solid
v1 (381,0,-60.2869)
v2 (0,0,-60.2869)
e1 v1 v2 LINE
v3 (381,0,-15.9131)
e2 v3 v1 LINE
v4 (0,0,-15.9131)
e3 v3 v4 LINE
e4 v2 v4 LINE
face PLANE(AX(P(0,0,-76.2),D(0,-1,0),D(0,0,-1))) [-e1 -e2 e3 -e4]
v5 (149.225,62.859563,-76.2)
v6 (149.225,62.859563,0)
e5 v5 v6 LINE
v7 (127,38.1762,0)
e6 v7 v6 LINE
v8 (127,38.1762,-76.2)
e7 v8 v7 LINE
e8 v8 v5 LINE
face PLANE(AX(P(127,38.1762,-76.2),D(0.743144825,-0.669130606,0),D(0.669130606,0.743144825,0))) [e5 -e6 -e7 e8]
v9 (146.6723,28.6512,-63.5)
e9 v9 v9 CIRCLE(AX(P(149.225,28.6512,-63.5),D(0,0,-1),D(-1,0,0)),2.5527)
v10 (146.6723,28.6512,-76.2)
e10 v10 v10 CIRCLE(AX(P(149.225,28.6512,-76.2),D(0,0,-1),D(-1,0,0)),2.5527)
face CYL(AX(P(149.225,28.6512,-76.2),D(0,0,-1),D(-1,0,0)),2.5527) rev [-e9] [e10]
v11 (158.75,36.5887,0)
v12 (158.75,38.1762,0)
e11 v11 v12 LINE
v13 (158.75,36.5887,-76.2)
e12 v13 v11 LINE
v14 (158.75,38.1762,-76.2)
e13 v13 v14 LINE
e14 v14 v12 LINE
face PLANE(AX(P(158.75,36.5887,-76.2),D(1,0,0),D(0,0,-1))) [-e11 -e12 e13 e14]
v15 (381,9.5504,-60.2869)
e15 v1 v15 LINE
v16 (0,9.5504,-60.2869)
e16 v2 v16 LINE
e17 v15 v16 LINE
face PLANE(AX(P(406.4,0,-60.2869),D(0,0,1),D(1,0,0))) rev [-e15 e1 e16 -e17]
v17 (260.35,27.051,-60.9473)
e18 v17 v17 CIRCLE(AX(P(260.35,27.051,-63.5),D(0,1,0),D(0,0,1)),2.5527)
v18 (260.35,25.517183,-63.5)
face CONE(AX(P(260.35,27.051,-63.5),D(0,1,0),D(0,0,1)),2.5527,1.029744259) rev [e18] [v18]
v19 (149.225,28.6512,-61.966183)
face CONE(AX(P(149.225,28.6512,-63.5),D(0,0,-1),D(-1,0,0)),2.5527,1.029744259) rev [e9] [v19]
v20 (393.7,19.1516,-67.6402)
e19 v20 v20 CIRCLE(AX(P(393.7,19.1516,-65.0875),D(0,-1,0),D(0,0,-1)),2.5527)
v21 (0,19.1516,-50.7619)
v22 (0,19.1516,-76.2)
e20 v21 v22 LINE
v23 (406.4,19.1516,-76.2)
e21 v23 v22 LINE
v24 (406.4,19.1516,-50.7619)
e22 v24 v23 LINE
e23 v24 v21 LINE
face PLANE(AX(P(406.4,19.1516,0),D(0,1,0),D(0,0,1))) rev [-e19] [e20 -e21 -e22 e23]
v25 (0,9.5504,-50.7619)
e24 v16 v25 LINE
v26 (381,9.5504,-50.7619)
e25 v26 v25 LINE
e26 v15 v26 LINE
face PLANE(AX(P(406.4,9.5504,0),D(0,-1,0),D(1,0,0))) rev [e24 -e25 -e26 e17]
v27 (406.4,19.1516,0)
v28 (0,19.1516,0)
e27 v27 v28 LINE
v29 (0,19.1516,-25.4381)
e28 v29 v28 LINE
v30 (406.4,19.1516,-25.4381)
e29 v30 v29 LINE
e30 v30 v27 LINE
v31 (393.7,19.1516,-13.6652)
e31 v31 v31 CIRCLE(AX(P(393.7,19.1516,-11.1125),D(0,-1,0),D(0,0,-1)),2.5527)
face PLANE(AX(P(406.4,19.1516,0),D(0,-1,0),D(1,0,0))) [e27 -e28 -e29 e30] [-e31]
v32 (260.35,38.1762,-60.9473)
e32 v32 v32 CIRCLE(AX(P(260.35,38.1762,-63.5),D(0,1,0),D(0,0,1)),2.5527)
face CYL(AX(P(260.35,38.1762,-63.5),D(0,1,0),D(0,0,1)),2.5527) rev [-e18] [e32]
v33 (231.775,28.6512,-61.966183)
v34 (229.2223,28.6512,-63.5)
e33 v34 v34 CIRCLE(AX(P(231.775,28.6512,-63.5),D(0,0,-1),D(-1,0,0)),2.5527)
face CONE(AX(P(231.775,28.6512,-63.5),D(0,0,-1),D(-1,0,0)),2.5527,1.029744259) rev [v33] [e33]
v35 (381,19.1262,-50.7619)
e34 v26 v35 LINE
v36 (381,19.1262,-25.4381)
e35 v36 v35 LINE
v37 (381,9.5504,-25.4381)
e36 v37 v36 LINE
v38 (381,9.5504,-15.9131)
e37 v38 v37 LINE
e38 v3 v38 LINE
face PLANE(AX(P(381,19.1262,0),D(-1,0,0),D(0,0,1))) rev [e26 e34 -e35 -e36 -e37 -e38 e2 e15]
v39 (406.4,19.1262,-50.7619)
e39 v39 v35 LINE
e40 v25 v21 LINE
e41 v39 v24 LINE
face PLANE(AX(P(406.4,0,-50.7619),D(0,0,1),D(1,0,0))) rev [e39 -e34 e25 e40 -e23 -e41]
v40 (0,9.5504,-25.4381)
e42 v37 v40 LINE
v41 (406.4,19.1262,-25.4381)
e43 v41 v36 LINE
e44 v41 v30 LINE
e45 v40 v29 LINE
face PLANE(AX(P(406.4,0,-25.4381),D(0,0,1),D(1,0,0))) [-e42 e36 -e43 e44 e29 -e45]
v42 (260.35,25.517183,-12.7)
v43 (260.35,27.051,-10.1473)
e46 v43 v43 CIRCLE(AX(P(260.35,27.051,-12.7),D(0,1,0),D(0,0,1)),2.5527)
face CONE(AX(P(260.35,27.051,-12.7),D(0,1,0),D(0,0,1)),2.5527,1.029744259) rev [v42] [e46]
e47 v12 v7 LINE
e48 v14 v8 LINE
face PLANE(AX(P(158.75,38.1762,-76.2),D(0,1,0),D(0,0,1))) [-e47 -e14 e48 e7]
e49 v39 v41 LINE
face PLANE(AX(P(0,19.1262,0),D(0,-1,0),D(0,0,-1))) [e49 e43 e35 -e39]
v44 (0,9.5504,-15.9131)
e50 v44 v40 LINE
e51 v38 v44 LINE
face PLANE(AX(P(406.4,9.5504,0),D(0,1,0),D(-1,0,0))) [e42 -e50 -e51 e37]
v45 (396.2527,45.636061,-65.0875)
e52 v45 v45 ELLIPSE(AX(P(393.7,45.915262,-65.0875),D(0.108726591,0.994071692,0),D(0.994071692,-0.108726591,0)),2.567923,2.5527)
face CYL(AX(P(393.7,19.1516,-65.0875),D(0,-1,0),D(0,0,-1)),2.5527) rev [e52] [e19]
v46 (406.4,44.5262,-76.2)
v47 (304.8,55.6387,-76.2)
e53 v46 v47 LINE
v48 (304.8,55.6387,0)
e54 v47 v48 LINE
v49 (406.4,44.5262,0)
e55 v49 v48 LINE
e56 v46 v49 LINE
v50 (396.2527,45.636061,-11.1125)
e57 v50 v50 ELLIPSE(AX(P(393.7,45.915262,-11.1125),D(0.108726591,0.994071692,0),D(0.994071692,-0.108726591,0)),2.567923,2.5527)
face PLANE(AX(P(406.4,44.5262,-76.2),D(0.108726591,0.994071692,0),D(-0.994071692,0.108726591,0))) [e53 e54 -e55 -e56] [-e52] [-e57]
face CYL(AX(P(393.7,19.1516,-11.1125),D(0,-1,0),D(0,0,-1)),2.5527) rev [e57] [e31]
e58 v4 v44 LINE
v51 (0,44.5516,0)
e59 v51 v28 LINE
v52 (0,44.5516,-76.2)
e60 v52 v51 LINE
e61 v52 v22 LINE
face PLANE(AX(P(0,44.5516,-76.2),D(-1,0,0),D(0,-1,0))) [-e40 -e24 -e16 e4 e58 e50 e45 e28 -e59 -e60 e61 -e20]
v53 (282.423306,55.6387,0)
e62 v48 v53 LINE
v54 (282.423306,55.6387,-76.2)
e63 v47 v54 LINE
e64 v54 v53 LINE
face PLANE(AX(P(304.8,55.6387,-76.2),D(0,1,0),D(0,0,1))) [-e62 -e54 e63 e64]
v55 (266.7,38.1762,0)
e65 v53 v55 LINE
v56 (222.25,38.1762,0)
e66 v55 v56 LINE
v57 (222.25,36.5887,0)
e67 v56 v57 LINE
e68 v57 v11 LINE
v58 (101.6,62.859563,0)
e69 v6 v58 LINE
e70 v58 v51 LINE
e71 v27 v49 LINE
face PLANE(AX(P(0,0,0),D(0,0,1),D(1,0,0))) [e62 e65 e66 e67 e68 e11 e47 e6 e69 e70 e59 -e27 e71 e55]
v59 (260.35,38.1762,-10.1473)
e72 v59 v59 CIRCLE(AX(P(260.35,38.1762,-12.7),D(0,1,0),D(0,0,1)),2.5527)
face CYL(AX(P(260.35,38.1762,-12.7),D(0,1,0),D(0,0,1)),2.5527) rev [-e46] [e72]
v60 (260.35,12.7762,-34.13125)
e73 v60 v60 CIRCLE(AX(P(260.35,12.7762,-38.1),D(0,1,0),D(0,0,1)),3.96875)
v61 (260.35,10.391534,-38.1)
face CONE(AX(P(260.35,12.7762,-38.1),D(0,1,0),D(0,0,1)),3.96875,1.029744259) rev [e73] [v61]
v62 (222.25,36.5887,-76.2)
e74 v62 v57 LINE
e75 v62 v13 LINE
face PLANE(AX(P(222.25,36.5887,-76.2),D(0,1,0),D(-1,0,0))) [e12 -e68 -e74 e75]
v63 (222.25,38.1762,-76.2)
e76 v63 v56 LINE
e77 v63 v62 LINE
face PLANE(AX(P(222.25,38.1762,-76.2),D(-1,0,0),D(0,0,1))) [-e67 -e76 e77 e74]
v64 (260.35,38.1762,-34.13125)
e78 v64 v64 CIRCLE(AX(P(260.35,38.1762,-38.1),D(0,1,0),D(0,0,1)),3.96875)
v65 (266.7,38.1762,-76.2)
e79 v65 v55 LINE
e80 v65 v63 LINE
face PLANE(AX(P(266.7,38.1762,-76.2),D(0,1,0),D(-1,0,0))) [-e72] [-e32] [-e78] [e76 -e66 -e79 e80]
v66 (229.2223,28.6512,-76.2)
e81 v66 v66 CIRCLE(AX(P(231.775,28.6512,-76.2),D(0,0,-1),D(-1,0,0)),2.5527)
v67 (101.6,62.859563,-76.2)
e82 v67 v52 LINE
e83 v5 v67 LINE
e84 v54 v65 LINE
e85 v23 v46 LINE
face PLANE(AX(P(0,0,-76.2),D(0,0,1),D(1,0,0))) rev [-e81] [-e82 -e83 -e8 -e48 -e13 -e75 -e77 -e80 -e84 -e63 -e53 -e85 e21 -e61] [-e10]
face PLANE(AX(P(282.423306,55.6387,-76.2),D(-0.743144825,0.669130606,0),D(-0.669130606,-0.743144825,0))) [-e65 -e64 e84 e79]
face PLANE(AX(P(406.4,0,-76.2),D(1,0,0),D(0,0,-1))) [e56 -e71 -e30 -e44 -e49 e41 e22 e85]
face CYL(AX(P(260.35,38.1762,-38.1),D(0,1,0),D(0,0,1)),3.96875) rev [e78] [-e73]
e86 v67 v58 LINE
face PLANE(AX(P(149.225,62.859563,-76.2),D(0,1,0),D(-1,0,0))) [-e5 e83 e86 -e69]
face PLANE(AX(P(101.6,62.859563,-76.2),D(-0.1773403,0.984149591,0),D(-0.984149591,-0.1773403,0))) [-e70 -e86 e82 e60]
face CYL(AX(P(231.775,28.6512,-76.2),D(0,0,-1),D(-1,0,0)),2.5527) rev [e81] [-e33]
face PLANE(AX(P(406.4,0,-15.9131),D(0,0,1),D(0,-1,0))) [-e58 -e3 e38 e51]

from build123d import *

# Parameters (mm, degrees)
BOSS_EXTRUDE1_DEPTH         = 76.2
SKETCH4_W                   = 25.4
SKETCH4_H                   = 76.2
CUT_EXTRUDE2_DEPTH          = 19.1262
CUT_EXTRUDE9_DEPTH          = 419.232859396
F_1_4_20_TAPPED_HOLE1_D     = 5.1054
F_1_4_20_TAPPED_HOLE1_DEPTH = 12.7
F_1_4_20_TAPPED_HOLE1_TIP   = 1.533816902
F_3_8_16_TAPPED_HOLE1_D     = 7.9375
F_3_8_16_TAPPED_HOLE1_DEPTH = 25.4
F_3_8_16_TAPPED_HOLE1_TIP   = 2.384665582
F_1_4_20_TAPPED_HOLE2_D     = 5.1054
F_1_4_20_TAPPED_HOLE2_DEPTH = 11.1252
F_1_4_20_TAPPED_HOLE2_TIP   = 1.533816902
F_1_4_20_TAPPED_HOLE3_D     = 5.1054


with BuildPart() as part:
    # Sketch2 → Boss-Extrude1 (new body)
    with BuildSketch(Plane.XY):
        Polygon((0, 0), (406.4, 0), (406.4, 44.5262), (304.8, 55.6387), (282.423305624, 55.6387), (266.7, 38.1762), (222.25, 38.1762), (222.25, 36.5887), (158.75, 36.5887), (158.75, 38.1762), (127, 38.1762), (149.225, 62.859563142), (101.6, 62.859563142), (0, 44.5516), align=None)
    extrude(amount=-BOSS_EXTRUDE1_DEPTH)

    # Sketch4 → Cut-Extrude2 (cut)
    with BuildSketch(Plane(origin=(0, 0, 0), x_dir=(-1, 0, 0), z_dir=(0, -1, 0))):
        with Locations((-393.7, 38.1)):
            Rectangle(SKETCH4_W, SKETCH4_H)
    extrude(amount=-CUT_EXTRUDE2_DEPTH, mode=Mode.SUBTRACT)

    # Sketch7 → Cut-Extrude9 (cut, through all)
    with BuildSketch(Plane.ZY):
        Polygon((-76.2, 19.1516), (-76.2, -1.27), (-60.2869, -1.27), (-60.2869, 0.0254), (-60.2869, 9.5504), (-50.7619, 9.5504), (-50.7619, 19.1516), align=None)
        Polygon((-15.9131, 0.0254), (-15.9131, 9.5504), (-25.4381, 9.5504), (-25.4381, 19.1516), (0, 19.1516), (0, -1.27), (-15.9131, -1.27), align=None)
    extrude(amount=-CUT_EXTRUDE9_DEPTH, mode=Mode.SUBTRACT)

    # 1/4-20 Tapped Hole1
    with Locations(Plane(origin=(0, 0, -76.2), x_dir=(-1, 0, 0), z_dir=(0, 0, -1))):
        with Locations((-149.225, 28.6512), (-231.775, 28.6512)):
            Hole(F_1_4_20_TAPPED_HOLE1_D / 2, depth=F_1_4_20_TAPPED_HOLE1_DEPTH)
            with Locations((0, 0, -(F_1_4_20_TAPPED_HOLE1_DEPTH + F_1_4_20_TAPPED_HOLE1_TIP / 2))):  # 118° drill point
                Cone(0, F_1_4_20_TAPPED_HOLE1_D / 2, F_1_4_20_TAPPED_HOLE1_TIP, mode=Mode.SUBTRACT)

    # 3/8-16 Tapped Hole1
    with Locations(Plane(origin=(0, 38.1762, 0), x_dir=(1, 0, 0), z_dir=(0, 1, 0))):
        with Locations((260.35, 38.1)):
            Hole(F_3_8_16_TAPPED_HOLE1_D / 2, depth=F_3_8_16_TAPPED_HOLE1_DEPTH)
            with Locations((0, 0, -(F_3_8_16_TAPPED_HOLE1_DEPTH + F_3_8_16_TAPPED_HOLE1_TIP / 2))):  # 118° drill point
                Cone(0, F_3_8_16_TAPPED_HOLE1_D / 2, F_3_8_16_TAPPED_HOLE1_TIP, mode=Mode.SUBTRACT)

    # 1/4-20 Tapped Hole2
    with Locations(Plane(origin=(0, 38.1762, 0), x_dir=(1, 0, 0), z_dir=(0, 1, 0))):
        with Locations((260.35, 63.5), (260.35, 12.7)):
            Hole(F_1_4_20_TAPPED_HOLE2_D / 2, depth=F_1_4_20_TAPPED_HOLE2_DEPTH)
            with Locations((0, 0, -(F_1_4_20_TAPPED_HOLE2_DEPTH + F_1_4_20_TAPPED_HOLE2_TIP / 2))):  # 118° drill point
                Cone(0, F_1_4_20_TAPPED_HOLE2_D / 2, F_1_4_20_TAPPED_HOLE2_TIP, mode=Mode.SUBTRACT)

    # 1/4-20 Tapped Hole3 (through all)
    with Locations(Plane(origin=(0, 19.1516, 0), x_dir=(-1, 0, 0), z_dir=(0, -1, 0))):
        with Locations((-393.7, 11.1125), (-393.7, 65.0875)):
            Hole(F_1_4_20_TAPPED_HOLE3_D / 2)


solid = part.part
